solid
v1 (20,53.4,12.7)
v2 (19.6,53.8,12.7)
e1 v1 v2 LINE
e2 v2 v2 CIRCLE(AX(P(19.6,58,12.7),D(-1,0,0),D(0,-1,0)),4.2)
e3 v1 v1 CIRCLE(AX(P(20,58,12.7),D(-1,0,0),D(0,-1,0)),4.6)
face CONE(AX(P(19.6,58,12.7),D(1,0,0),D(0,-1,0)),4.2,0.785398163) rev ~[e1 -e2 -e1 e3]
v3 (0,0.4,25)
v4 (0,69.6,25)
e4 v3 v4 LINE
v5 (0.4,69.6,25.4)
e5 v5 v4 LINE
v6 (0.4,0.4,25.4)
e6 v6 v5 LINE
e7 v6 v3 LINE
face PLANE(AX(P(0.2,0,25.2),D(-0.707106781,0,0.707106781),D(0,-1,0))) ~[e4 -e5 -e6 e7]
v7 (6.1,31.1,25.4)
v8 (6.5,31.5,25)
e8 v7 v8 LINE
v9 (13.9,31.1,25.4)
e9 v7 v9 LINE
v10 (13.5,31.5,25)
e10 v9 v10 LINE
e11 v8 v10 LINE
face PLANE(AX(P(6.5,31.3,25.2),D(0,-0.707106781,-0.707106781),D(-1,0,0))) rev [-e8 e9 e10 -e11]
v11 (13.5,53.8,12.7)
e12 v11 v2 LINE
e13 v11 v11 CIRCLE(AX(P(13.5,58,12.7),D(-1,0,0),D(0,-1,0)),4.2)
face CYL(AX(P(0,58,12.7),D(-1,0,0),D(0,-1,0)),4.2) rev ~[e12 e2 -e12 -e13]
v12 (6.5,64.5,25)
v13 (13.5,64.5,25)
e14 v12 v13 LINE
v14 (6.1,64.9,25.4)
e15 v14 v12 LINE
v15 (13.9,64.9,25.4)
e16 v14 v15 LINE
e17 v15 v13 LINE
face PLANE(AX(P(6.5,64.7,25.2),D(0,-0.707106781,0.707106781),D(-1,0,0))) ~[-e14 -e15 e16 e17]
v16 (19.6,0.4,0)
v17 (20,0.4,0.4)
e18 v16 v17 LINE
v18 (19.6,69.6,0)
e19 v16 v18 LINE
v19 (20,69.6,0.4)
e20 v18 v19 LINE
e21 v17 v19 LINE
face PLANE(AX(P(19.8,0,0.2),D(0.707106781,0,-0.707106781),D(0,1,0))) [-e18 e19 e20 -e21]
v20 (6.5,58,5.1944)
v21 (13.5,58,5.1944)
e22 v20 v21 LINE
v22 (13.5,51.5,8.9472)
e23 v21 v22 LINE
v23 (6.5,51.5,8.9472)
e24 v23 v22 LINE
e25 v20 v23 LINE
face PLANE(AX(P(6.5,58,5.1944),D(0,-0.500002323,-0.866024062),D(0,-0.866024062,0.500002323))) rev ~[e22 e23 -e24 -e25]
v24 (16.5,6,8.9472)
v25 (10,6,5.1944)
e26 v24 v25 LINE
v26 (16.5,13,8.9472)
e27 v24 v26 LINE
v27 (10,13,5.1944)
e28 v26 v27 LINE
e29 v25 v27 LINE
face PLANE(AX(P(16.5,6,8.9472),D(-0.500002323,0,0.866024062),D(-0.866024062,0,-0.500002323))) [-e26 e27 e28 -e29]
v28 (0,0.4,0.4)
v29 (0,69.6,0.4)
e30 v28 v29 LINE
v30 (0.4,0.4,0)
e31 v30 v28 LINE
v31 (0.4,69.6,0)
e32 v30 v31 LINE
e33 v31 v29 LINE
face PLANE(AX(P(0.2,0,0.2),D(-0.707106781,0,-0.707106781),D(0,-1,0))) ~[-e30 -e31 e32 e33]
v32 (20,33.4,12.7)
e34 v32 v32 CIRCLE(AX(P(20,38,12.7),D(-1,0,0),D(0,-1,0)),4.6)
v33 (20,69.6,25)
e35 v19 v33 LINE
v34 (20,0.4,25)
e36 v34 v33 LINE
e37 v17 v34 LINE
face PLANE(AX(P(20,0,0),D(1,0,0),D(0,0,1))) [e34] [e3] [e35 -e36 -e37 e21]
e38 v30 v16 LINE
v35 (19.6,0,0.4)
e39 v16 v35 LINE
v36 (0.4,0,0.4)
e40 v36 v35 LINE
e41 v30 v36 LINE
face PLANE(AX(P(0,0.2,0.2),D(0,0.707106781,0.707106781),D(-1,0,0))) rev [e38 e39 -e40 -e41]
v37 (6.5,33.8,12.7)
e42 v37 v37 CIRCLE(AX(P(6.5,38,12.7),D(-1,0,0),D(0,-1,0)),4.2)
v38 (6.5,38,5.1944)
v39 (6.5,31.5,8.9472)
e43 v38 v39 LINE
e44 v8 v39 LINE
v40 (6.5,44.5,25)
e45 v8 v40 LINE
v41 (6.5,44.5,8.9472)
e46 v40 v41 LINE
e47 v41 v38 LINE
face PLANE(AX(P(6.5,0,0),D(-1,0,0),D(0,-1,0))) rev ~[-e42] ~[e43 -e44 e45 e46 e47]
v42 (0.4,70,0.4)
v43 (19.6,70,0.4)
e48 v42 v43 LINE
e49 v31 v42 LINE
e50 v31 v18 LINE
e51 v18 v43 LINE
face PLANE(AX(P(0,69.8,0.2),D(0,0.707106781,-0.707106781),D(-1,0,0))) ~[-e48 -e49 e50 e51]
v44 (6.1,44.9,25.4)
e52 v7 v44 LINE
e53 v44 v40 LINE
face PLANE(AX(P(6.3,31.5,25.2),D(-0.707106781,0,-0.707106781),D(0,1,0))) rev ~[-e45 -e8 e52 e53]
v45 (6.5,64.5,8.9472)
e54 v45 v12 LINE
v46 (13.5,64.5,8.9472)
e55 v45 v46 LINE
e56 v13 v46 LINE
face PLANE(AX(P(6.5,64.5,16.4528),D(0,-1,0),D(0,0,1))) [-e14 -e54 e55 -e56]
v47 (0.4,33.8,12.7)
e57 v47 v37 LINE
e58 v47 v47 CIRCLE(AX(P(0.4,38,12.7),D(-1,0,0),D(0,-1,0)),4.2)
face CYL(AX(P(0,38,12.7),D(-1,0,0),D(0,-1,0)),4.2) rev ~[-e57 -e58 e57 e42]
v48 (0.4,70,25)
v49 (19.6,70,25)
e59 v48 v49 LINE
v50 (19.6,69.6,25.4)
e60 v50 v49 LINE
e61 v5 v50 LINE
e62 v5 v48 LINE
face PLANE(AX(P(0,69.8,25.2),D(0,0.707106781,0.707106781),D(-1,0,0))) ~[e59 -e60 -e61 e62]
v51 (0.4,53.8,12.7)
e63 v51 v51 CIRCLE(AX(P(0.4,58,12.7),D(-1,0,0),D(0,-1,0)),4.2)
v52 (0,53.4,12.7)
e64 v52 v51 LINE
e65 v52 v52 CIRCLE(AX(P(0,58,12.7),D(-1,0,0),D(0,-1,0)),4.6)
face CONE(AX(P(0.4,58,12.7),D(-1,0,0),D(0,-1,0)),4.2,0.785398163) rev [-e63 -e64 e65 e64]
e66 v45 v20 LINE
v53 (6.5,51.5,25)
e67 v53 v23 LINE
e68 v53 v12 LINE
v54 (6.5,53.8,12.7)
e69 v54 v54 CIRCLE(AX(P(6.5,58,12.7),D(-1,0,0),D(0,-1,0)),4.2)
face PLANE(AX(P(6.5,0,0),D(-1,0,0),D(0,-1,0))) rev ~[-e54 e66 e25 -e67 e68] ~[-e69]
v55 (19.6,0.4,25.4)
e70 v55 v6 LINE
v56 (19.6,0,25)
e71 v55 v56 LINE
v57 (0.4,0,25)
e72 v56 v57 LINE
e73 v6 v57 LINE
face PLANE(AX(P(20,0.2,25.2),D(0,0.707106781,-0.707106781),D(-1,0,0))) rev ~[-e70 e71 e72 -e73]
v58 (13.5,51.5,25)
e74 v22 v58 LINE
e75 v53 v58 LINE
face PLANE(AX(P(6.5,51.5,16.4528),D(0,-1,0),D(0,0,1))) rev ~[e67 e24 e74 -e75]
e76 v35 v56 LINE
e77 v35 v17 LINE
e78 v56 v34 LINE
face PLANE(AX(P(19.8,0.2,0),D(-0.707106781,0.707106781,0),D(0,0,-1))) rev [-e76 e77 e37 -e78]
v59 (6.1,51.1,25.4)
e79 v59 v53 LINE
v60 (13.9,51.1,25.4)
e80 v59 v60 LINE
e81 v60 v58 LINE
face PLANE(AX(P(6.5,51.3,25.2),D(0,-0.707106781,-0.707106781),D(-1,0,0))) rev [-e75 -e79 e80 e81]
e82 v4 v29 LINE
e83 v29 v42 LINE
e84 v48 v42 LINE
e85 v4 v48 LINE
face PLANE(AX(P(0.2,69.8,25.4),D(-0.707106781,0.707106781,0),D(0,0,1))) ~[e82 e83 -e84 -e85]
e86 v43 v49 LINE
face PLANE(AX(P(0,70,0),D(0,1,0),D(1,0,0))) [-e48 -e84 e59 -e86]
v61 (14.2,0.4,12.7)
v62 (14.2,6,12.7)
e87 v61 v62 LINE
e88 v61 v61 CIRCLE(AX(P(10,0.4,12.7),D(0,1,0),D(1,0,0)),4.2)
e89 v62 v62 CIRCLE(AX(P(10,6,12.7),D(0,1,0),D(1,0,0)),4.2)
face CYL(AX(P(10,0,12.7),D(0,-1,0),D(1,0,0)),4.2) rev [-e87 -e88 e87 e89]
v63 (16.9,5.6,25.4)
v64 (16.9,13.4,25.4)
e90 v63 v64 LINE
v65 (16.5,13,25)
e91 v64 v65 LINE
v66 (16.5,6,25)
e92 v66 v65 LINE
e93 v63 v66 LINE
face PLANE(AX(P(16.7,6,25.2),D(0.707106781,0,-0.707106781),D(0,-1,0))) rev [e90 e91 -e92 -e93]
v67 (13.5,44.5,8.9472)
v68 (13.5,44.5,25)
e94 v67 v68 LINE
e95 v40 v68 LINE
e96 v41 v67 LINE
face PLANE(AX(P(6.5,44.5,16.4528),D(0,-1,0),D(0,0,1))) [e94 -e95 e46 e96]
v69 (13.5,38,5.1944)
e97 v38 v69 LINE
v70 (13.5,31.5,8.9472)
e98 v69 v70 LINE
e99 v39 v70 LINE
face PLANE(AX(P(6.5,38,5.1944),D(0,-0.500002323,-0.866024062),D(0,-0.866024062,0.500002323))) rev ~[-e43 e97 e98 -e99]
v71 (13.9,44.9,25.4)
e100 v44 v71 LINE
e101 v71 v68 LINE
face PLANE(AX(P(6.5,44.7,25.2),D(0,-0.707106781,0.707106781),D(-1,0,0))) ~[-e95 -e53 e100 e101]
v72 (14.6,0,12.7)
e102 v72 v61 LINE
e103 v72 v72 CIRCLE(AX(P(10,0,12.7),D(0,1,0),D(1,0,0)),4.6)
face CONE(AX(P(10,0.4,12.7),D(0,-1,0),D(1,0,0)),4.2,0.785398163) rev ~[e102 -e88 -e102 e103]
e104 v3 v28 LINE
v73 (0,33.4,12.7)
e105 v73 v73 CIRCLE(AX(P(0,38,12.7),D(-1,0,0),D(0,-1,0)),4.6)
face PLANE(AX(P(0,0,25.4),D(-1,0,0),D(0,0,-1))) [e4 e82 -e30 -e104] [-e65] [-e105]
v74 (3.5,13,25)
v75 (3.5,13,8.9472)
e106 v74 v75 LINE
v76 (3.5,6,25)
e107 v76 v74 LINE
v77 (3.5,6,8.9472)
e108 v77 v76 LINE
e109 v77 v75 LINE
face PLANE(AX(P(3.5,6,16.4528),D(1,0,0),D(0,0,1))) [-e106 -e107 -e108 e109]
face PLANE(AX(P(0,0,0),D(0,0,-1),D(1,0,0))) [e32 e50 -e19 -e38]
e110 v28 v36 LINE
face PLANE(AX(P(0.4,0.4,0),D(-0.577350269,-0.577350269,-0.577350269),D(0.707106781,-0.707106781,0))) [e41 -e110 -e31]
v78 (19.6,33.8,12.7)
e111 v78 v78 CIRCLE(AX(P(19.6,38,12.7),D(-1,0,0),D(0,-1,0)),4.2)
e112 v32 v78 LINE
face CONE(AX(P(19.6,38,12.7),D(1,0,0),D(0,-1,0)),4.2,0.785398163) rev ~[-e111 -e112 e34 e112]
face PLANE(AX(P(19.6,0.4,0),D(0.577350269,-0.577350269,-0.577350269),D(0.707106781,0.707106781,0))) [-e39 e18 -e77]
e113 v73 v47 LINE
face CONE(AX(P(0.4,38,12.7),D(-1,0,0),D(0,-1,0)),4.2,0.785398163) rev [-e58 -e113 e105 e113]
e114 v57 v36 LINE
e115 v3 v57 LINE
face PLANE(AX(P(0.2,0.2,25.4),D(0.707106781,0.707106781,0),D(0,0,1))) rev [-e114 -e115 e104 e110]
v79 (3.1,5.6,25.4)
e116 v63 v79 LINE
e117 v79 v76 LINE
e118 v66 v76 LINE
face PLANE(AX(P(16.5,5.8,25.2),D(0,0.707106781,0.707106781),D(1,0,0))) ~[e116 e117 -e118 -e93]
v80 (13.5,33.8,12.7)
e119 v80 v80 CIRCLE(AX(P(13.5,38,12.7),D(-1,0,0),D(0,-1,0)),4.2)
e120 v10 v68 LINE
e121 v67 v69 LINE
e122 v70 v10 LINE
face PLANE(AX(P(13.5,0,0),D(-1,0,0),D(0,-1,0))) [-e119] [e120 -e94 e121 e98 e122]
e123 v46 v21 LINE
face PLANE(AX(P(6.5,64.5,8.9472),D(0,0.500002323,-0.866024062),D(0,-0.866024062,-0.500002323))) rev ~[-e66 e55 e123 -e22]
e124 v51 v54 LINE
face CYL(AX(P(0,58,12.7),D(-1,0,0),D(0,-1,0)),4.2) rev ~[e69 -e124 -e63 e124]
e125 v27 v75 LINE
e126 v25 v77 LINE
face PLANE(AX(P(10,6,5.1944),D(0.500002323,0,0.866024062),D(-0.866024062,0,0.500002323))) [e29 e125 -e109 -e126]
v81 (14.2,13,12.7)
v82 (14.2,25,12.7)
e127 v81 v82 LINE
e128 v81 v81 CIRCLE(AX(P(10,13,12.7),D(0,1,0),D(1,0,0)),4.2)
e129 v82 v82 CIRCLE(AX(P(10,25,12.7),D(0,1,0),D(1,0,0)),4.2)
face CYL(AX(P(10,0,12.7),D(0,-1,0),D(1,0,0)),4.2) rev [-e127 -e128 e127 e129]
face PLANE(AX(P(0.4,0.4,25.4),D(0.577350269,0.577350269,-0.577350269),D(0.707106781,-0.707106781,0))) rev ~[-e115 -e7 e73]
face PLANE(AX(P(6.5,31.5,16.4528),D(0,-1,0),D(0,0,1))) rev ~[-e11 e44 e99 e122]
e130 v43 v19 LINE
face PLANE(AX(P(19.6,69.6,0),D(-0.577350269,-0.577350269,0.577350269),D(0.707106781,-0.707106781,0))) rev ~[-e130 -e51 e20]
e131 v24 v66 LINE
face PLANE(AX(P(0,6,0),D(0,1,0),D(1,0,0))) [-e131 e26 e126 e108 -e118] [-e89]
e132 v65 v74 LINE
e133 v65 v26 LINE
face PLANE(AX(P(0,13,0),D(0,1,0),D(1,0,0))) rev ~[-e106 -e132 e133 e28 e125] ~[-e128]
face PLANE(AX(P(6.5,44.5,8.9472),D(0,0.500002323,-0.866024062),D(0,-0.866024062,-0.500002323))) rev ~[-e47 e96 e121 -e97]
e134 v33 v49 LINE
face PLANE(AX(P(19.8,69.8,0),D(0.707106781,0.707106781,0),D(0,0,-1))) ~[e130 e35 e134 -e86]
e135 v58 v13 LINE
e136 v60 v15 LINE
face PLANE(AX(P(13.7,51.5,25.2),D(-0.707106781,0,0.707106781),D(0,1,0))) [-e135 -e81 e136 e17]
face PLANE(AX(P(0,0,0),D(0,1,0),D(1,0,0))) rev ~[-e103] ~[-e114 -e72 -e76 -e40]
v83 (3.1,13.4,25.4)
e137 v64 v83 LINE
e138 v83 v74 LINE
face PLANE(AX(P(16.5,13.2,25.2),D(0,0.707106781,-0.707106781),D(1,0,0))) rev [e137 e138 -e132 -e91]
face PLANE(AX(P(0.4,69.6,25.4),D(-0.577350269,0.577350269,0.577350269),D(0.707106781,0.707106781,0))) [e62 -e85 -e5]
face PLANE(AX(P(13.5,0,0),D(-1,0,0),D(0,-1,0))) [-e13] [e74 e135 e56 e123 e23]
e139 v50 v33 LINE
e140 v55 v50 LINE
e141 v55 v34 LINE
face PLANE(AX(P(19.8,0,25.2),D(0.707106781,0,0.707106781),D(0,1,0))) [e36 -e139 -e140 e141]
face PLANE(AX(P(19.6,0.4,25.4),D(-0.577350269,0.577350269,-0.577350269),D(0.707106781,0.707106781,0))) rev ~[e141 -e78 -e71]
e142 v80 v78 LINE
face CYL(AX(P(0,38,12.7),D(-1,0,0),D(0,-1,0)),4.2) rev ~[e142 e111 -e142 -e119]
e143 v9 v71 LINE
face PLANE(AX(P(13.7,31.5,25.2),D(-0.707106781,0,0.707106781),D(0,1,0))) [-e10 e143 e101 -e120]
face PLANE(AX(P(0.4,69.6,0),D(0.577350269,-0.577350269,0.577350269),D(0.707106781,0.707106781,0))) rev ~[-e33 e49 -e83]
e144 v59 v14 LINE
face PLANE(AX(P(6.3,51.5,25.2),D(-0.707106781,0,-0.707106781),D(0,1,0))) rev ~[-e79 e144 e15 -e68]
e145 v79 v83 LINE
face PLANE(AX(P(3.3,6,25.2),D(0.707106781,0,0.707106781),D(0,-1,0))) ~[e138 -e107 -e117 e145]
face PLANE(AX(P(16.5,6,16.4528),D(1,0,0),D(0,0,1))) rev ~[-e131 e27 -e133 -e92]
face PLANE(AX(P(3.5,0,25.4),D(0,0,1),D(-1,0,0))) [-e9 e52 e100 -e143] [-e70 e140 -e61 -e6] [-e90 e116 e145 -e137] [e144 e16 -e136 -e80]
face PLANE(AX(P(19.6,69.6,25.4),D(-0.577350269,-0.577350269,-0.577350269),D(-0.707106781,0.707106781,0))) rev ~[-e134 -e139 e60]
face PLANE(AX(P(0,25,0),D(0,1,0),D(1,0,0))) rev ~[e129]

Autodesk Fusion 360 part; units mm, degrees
sketch "Sketch1" plane through (0, 0, 0) normal (0, 1, 0) x (1, 0, 0)
  line L0 (0, 0) -> (20, 0)
  line L1 (20, 0) -> (20, -25.4)
  line L2 (20, -25.4) -> (0, -25.4)
  line L3 (0, -25.4) -> (0, 0)
  line L4 (10, -25.4) -> (10, 0) construction
  line L5 (16.5, -16.4528) -> (16.5, -8.9472)
  line L6 (16.5, -8.9472) -> (10, -5.1944)
  line L7 (10, -5.1944) -> (3.5, -8.9472)
  line L8 (3.5, -8.9472) -> (3.5, -16.4528)
  line L9 (3.5, -16.4528) -> (10, -20.2056)
  line L10 (10, -20.2056) -> (16.5, -16.4528)
  circle A0 centre (10, -12.7) radius 4.2
  line L11 (16.5, -16.4528) -> (16.5, -25.4)
  line L12 (3.5, -16.4528) -> (3.5, -25.4)
  point P0 (10, -12.7)
  dimension "d1" = 20
  dimension "d2" = 25.4
  dimension "d3" = 13
  dimension "d4" = 8.4
extrude "Extrude1" add sketch "Sketch1" along normal blind 70 contours L0 L1 L2 L3 L5 L6 L7 L8 L11 L12 | L2 L9 L10 L11 L12 | L5 L6 L7 L8 L9 L10 | A0
extrude "Extrude5" cut sketch "Sketch1" along normal blind 25 contours A0
extrude "Extrude2" cut sketch "Sketch1" along normal blind 7 from surface at 6 contours L2 L9 L10 L11 L12 | L5 L6 L7 L8 L9 L10
sketch "Sketch2" plane through (0, 0, 0) normal (-1, 0, 0) x (0, -1, 0)
  line L0 (0, 0) -> (0, 25.4)
  line L1 (0, 25.4) -> (-70, 25.4)
  line L2 (-70, 25.4) -> (-70, 0)
  line L3 (-70, 0) -> (0, 0)
  line L4 (-70, 12.7) -> (0, 12.7) construction
  line L5 (-58, 5.1944) -> (-51.5, 8.9472)
  line L6 (-51.5, 8.9472) -> (-51.5, 16.4528)
  line L7 (-51.5, 16.4528) -> (-58, 20.2056)
  line L8 (-58, 20.2056) -> (-64.5, 16.4528)
  line L9 (-64.5, 16.4528) -> (-64.5, 8.9472)
  line L10 (-64.5, 8.9472) -> (-58, 5.1944)
  circle A0 centre (-58, 12.7) radius 4.2
  line L11 (-64.5, 16.4528) -> (-64.5, 25.4)
  line L12 (-51.5, 16.4528) -> (-51.5, 25.4)
  circle A1 centre (-38, 12.7) radius 4.2
  line L13 (-31.5, 8.9472) -> (-31.5, 16.4528)
  line L14 (-31.5, 16.4528) -> (-38, 20.2056)
  line L15 (-38, 20.2056) -> (-44.5, 16.4528)
  line L16 (-44.5, 16.4528) -> (-44.5, 8.9472)
  line L17 (-44.5, 8.9472) -> (-38, 5.1944)
  line L18 (-38, 5.1944) -> (-31.5, 8.9472)
  line L19 (-44.5, 16.4528) -> (-44.5, 25.4)
  line L20 (-31.5, 16.4528) -> (-31.5, 25.4)
  point P0 (-58, 12.7)
  point P1 (-38, 12.7)
  dimension "d11" = 12
  dimension "d12" = 13
  dimension "d13" = 8.4
  dimension "d20" = 20
extrude "Extrude3" cut sketch "Sketch2" against normal blind 24 contours A0 | A1
extrude "Extrude4" cut sketch "Sketch2" against normal blind 7 from surface at -6.5 contours L1 L14 L15 L19 L20 | L13 L14 L15 L16 L17 L18 | L1 L7 L8 L11 L12 | L5 L6 L7 L8 L9 L10
chamfer "Chamfer1" distance 0.4 angle 45 29 edges at (0, 70, 12.7) (20, 70, 12.7) (20, 0, 12.7) (0, 0, 12.7) (0, 35, 0) (0, 35, 25.4) (10, 0, 0) (10, 0, 25.4) (20, 35, 25.4) (10, 70, 25.4) (10, 64.5, 25.4) (6.5, 58, 25.4) (13.5, 58, 25.4) (10, 51.5, 25.4) (10, 13, 25.4) (16.5, 9.5, 25.4) (10, 6, 25.4) (3.5, 9.5, 25.4) (0, 61.9158, 14.2188) (10, 70, 0) (20, 61.9158, 11.1812) (20, 35, 0) (10, 44.5, 25.4) (13.5, 38, 25.4) (10, 31.5, 25.4) (6.5, 38, 25.4) (20, 41.9158, 11.1812) (6.0842, 0, 14.2188) (0, 41.9158, 14.2188)
